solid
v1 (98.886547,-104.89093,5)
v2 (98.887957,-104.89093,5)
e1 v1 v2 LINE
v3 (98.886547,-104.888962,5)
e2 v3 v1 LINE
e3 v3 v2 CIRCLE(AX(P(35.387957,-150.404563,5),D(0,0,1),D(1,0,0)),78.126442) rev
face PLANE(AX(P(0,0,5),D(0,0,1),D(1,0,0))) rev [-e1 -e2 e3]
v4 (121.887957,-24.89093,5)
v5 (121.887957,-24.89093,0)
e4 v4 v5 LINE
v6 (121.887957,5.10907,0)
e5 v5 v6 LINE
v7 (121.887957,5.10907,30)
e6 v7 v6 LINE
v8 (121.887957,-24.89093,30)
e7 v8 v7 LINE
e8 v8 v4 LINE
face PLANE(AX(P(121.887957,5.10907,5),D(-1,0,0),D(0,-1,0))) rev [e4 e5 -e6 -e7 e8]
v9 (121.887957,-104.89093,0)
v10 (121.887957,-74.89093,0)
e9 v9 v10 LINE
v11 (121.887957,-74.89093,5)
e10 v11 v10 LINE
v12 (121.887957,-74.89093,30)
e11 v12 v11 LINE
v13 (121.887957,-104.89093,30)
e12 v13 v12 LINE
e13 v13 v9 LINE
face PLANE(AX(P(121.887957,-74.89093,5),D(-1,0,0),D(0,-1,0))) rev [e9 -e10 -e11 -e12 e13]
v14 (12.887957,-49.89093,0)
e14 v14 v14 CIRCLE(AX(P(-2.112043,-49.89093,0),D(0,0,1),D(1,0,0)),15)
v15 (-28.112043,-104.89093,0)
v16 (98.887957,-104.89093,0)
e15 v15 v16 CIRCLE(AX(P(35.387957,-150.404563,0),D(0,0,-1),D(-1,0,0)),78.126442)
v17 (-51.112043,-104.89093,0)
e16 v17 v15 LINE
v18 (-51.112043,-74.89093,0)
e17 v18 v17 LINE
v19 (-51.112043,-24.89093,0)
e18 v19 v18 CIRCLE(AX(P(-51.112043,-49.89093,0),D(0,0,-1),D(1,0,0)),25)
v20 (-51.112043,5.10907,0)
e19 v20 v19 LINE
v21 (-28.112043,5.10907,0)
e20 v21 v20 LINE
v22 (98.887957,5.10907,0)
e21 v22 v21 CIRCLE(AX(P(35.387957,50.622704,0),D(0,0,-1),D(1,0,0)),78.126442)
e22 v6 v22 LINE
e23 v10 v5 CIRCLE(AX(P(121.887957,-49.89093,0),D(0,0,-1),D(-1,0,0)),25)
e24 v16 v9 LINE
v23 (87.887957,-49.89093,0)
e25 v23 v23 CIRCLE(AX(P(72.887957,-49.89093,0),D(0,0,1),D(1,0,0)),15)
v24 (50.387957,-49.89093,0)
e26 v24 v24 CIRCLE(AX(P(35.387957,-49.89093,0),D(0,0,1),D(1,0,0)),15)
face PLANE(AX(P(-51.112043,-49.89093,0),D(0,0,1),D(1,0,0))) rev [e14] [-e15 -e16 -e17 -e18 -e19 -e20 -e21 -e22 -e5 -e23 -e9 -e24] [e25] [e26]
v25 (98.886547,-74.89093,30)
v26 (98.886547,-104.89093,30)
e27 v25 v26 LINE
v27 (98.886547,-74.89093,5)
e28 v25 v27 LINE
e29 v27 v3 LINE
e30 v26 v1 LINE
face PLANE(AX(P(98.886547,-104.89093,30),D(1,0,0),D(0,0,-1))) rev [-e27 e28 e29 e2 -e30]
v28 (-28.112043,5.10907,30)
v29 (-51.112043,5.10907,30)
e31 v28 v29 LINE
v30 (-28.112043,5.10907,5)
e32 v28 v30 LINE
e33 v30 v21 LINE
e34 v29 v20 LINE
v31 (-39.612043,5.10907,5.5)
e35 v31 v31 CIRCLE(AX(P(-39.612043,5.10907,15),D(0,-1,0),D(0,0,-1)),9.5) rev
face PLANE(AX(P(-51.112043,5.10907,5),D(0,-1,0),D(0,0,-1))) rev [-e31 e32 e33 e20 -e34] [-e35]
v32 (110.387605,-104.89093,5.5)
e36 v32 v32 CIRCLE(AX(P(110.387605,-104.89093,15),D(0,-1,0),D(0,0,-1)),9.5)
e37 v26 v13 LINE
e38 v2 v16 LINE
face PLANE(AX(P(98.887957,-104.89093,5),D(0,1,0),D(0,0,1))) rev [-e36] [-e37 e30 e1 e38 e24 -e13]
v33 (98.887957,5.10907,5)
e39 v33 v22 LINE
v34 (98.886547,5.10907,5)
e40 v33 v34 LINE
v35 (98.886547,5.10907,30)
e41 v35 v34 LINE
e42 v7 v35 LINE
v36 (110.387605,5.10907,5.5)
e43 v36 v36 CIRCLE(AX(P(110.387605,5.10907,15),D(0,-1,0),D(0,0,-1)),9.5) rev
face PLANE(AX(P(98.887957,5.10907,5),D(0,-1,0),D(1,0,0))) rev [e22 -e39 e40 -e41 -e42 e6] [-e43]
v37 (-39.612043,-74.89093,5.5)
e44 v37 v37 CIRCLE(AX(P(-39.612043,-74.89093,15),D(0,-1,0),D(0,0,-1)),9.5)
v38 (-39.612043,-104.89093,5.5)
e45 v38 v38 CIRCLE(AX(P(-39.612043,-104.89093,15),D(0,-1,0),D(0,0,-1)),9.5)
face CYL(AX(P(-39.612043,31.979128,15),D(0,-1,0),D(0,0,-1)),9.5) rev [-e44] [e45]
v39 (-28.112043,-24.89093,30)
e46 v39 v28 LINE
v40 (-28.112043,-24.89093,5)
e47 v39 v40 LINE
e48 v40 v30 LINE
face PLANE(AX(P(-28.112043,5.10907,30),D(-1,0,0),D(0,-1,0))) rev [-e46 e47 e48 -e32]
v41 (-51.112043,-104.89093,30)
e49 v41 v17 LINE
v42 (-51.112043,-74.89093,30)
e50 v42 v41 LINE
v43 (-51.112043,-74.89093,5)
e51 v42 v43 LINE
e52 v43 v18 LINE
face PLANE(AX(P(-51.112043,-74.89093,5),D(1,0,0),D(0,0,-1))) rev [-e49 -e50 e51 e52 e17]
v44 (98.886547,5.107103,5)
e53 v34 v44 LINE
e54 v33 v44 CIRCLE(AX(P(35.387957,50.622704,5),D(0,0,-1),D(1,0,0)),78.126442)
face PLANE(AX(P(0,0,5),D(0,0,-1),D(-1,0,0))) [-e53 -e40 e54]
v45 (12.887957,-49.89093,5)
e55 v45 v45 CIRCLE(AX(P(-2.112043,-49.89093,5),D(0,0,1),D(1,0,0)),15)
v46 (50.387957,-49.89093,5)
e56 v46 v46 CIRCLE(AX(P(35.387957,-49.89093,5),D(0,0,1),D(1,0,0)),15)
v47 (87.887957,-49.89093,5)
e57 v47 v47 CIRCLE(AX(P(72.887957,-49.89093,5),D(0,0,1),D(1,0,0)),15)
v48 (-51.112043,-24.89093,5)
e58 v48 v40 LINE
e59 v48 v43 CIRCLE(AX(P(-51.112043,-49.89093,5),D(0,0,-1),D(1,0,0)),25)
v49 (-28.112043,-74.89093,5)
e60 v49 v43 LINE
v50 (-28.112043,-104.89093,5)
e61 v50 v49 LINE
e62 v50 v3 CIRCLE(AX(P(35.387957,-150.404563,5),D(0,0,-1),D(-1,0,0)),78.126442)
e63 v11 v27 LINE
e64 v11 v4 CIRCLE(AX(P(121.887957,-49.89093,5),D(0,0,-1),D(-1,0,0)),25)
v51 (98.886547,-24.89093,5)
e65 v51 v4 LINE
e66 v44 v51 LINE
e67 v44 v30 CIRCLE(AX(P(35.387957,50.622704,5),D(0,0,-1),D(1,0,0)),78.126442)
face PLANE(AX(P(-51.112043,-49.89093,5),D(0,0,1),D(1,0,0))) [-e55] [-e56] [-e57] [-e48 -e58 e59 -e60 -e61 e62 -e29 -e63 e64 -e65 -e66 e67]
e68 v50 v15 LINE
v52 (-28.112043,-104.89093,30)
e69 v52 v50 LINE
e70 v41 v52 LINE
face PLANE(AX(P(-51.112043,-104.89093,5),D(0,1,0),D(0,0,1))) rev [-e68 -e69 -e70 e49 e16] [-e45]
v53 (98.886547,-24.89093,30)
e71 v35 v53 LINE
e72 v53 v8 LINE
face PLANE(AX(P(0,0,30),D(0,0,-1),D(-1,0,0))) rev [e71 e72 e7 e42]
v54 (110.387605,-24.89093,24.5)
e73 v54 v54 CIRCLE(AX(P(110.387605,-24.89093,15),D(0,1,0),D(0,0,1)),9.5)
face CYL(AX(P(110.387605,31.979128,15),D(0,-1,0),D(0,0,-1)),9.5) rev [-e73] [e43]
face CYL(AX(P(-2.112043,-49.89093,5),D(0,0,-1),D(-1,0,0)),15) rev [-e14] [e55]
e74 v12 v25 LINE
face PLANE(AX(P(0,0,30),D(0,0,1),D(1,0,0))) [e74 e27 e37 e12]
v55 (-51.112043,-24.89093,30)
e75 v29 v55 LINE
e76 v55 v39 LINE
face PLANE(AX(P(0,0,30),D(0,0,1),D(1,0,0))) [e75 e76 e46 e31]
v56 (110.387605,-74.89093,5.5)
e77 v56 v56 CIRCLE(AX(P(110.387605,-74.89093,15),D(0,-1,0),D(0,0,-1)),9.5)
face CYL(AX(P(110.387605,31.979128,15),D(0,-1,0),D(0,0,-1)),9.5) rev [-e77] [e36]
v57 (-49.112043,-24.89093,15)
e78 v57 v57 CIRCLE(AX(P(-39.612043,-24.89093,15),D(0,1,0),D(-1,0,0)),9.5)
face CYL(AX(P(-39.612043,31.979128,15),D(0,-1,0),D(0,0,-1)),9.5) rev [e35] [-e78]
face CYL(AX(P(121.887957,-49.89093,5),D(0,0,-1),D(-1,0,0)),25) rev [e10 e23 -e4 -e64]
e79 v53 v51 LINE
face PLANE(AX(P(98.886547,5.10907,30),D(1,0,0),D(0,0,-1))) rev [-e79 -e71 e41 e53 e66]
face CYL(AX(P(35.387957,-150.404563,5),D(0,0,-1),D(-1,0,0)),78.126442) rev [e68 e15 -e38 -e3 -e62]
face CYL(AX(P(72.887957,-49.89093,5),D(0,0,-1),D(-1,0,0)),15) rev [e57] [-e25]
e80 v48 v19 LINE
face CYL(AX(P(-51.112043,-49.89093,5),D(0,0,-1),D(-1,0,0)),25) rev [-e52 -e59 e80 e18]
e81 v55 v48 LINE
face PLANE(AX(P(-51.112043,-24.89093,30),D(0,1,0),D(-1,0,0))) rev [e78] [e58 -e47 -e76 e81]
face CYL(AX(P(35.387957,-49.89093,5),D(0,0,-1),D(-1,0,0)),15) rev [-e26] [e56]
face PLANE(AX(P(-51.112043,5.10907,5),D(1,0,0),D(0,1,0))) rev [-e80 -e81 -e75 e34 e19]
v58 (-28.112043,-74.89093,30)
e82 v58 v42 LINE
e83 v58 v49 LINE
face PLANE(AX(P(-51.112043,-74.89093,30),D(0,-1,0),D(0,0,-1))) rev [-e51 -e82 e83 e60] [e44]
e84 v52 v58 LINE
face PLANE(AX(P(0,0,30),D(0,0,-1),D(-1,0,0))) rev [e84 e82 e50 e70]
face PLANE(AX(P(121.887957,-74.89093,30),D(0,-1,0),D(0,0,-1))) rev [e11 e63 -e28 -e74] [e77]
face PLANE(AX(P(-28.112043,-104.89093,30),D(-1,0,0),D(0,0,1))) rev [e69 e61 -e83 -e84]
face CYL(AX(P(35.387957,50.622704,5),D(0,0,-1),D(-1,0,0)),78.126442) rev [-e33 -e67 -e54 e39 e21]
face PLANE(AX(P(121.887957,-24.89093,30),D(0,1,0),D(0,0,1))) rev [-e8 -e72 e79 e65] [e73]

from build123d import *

# Parameters (mm, degrees)
SKETCH1_R           = 15
BOSS_EXTRUDE1_DEPTH = 5
SKETCH2_W           = 23
SKETCH2_H           = 30
SKETCH2_W_2         = 23.001410072
BOSS_EXTRUDE2_DEPTH = 25
CUT_EXTRUDE1_REACH  = 168.903
SKETCH3_R           = 9.5


with BuildPart() as part:
    # Sketch1 → Boss-Extrude1 (new body)
    with BuildSketch(Plane.XY):
        with BuildLine():
            Line((-51.112042928, 5.109070396), (-28.112042928, 5.109070396))
            ThreePointArc((-28.112042928, 5.109070396), (35.387957072, -27.503737277), (98.887957072, 5.109070396))
            Line((98.887957072, 5.109070396), (121.887957072, 5.109070396))
            Line((121.887957072, 5.109070396), (121.887957072, -24.890929604))
            ThreePointArc((121.887957072, -24.890929604), (96.887957072, -49.890929604), (121.887957072, -74.890929604))
            Line((121.887957072, -74.890929604), (121.887957072, -104.890929604))
            Line((121.887957072, -104.890929604), (98.887957072, -104.890929604))
            ThreePointArc((98.887957072, -104.890929604), (35.387957072, -72.278121931), (-28.112042928, -104.890929604))
            Line((-28.112042928, -104.890929604), (-51.112042928, -104.890929604))
            Line((-51.112042928, -104.890929604), (-51.112042928, -74.890929604))
            ThreePointArc((-51.112042928, -74.890929604), (-26.112042928, -49.890929604), (-51.112042928, -24.890929604))
            Line((-51.112042928, -24.890929604), (-51.112042928, 5.109070396))
        make_face()
        with Locations((35.387957072, -49.890929604)):
            Circle(SKETCH1_R, mode=Mode.SUBTRACT)
        with Locations((72.887957072, -49.890929604)):
            Circle(SKETCH1_R, mode=Mode.SUBTRACT)
        with Locations((-2.112042928, -49.890929604)):
            Circle(SKETCH1_R, mode=Mode.SUBTRACT)
    extrude(amount=BOSS_EXTRUDE1_DEPTH)

    # Sketch2 → Boss-Extrude2 (add)
    with BuildSketch(Plane.XY.offset(5)):
        with Locations((-39.612042928, -9.890929604)):
            Rectangle(SKETCH2_W, SKETCH2_H)
        with Locations((110.387252036, -9.890929604)):
            Rectangle(SKETCH2_W_2, SKETCH2_H)
        with Locations((110.387252036, -89.890929604)):
            Rectangle(SKETCH2_W_2, SKETCH2_H)
        with Locations((-39.612042928, -89.890929604)):
            Rectangle(SKETCH2_W, SKETCH2_H)
    extrude(amount=BOSS_EXTRUDE2_DEPTH)

    # Cut-Extrude1: up to this face of the body (flat: up to its plane)
    cut_extrude1_end = Plane(part.part.faces().sort_by_distance((-39.612042928, 5.109070396, 15))[0])
    # Sketch3 → Cut-Extrude1 (cut, up to the picked face)
    with BuildSketch(Plane.XZ.offset(104.890929604), mode=Mode.PRIVATE) as cut_extrude1_sk1:
        with Locations(Location((110.387604554, 15, 0), (0, 0, 270))):
            Circle(SKETCH3_R)
    cut_extrude1_tool1 = split(extrude(cut_extrude1_sk1.sketch, amount=-CUT_EXTRUDE1_REACH, mode=Mode.PRIVATE), bisect_by=cut_extrude1_end, keep=Keep.BOTH, mode=Mode.PRIVATE)
    # Sketch3 → Cut-Extrude1 (cut, up to the picked face)
    with BuildSketch(Plane.XZ.offset(104.890929604), mode=Mode.PRIVATE) as cut_extrude1_sk2:
        with Locations(Location((-39.612042928, 15, 0), (0, 0, 270))):
            Circle(SKETCH3_R)
    cut_extrude1_tool2 = split(extrude(cut_extrude1_sk2.sketch, amount=-CUT_EXTRUDE1_REACH, mode=Mode.PRIVATE), bisect_by=cut_extrude1_end, keep=Keep.BOTH, mode=Mode.PRIVATE)
    add(cut_extrude1_tool1.solids().sort_by(Axis((110.387605, -104.89093, 15), (0, 1, 0)))[0], mode=Mode.SUBTRACT)
    add(cut_extrude1_tool2.solids().sort_by(Axis((-39.612043, -104.89093, 15), (0, 1, 0)))[0], mode=Mode.SUBTRACT)


solid = part.part
